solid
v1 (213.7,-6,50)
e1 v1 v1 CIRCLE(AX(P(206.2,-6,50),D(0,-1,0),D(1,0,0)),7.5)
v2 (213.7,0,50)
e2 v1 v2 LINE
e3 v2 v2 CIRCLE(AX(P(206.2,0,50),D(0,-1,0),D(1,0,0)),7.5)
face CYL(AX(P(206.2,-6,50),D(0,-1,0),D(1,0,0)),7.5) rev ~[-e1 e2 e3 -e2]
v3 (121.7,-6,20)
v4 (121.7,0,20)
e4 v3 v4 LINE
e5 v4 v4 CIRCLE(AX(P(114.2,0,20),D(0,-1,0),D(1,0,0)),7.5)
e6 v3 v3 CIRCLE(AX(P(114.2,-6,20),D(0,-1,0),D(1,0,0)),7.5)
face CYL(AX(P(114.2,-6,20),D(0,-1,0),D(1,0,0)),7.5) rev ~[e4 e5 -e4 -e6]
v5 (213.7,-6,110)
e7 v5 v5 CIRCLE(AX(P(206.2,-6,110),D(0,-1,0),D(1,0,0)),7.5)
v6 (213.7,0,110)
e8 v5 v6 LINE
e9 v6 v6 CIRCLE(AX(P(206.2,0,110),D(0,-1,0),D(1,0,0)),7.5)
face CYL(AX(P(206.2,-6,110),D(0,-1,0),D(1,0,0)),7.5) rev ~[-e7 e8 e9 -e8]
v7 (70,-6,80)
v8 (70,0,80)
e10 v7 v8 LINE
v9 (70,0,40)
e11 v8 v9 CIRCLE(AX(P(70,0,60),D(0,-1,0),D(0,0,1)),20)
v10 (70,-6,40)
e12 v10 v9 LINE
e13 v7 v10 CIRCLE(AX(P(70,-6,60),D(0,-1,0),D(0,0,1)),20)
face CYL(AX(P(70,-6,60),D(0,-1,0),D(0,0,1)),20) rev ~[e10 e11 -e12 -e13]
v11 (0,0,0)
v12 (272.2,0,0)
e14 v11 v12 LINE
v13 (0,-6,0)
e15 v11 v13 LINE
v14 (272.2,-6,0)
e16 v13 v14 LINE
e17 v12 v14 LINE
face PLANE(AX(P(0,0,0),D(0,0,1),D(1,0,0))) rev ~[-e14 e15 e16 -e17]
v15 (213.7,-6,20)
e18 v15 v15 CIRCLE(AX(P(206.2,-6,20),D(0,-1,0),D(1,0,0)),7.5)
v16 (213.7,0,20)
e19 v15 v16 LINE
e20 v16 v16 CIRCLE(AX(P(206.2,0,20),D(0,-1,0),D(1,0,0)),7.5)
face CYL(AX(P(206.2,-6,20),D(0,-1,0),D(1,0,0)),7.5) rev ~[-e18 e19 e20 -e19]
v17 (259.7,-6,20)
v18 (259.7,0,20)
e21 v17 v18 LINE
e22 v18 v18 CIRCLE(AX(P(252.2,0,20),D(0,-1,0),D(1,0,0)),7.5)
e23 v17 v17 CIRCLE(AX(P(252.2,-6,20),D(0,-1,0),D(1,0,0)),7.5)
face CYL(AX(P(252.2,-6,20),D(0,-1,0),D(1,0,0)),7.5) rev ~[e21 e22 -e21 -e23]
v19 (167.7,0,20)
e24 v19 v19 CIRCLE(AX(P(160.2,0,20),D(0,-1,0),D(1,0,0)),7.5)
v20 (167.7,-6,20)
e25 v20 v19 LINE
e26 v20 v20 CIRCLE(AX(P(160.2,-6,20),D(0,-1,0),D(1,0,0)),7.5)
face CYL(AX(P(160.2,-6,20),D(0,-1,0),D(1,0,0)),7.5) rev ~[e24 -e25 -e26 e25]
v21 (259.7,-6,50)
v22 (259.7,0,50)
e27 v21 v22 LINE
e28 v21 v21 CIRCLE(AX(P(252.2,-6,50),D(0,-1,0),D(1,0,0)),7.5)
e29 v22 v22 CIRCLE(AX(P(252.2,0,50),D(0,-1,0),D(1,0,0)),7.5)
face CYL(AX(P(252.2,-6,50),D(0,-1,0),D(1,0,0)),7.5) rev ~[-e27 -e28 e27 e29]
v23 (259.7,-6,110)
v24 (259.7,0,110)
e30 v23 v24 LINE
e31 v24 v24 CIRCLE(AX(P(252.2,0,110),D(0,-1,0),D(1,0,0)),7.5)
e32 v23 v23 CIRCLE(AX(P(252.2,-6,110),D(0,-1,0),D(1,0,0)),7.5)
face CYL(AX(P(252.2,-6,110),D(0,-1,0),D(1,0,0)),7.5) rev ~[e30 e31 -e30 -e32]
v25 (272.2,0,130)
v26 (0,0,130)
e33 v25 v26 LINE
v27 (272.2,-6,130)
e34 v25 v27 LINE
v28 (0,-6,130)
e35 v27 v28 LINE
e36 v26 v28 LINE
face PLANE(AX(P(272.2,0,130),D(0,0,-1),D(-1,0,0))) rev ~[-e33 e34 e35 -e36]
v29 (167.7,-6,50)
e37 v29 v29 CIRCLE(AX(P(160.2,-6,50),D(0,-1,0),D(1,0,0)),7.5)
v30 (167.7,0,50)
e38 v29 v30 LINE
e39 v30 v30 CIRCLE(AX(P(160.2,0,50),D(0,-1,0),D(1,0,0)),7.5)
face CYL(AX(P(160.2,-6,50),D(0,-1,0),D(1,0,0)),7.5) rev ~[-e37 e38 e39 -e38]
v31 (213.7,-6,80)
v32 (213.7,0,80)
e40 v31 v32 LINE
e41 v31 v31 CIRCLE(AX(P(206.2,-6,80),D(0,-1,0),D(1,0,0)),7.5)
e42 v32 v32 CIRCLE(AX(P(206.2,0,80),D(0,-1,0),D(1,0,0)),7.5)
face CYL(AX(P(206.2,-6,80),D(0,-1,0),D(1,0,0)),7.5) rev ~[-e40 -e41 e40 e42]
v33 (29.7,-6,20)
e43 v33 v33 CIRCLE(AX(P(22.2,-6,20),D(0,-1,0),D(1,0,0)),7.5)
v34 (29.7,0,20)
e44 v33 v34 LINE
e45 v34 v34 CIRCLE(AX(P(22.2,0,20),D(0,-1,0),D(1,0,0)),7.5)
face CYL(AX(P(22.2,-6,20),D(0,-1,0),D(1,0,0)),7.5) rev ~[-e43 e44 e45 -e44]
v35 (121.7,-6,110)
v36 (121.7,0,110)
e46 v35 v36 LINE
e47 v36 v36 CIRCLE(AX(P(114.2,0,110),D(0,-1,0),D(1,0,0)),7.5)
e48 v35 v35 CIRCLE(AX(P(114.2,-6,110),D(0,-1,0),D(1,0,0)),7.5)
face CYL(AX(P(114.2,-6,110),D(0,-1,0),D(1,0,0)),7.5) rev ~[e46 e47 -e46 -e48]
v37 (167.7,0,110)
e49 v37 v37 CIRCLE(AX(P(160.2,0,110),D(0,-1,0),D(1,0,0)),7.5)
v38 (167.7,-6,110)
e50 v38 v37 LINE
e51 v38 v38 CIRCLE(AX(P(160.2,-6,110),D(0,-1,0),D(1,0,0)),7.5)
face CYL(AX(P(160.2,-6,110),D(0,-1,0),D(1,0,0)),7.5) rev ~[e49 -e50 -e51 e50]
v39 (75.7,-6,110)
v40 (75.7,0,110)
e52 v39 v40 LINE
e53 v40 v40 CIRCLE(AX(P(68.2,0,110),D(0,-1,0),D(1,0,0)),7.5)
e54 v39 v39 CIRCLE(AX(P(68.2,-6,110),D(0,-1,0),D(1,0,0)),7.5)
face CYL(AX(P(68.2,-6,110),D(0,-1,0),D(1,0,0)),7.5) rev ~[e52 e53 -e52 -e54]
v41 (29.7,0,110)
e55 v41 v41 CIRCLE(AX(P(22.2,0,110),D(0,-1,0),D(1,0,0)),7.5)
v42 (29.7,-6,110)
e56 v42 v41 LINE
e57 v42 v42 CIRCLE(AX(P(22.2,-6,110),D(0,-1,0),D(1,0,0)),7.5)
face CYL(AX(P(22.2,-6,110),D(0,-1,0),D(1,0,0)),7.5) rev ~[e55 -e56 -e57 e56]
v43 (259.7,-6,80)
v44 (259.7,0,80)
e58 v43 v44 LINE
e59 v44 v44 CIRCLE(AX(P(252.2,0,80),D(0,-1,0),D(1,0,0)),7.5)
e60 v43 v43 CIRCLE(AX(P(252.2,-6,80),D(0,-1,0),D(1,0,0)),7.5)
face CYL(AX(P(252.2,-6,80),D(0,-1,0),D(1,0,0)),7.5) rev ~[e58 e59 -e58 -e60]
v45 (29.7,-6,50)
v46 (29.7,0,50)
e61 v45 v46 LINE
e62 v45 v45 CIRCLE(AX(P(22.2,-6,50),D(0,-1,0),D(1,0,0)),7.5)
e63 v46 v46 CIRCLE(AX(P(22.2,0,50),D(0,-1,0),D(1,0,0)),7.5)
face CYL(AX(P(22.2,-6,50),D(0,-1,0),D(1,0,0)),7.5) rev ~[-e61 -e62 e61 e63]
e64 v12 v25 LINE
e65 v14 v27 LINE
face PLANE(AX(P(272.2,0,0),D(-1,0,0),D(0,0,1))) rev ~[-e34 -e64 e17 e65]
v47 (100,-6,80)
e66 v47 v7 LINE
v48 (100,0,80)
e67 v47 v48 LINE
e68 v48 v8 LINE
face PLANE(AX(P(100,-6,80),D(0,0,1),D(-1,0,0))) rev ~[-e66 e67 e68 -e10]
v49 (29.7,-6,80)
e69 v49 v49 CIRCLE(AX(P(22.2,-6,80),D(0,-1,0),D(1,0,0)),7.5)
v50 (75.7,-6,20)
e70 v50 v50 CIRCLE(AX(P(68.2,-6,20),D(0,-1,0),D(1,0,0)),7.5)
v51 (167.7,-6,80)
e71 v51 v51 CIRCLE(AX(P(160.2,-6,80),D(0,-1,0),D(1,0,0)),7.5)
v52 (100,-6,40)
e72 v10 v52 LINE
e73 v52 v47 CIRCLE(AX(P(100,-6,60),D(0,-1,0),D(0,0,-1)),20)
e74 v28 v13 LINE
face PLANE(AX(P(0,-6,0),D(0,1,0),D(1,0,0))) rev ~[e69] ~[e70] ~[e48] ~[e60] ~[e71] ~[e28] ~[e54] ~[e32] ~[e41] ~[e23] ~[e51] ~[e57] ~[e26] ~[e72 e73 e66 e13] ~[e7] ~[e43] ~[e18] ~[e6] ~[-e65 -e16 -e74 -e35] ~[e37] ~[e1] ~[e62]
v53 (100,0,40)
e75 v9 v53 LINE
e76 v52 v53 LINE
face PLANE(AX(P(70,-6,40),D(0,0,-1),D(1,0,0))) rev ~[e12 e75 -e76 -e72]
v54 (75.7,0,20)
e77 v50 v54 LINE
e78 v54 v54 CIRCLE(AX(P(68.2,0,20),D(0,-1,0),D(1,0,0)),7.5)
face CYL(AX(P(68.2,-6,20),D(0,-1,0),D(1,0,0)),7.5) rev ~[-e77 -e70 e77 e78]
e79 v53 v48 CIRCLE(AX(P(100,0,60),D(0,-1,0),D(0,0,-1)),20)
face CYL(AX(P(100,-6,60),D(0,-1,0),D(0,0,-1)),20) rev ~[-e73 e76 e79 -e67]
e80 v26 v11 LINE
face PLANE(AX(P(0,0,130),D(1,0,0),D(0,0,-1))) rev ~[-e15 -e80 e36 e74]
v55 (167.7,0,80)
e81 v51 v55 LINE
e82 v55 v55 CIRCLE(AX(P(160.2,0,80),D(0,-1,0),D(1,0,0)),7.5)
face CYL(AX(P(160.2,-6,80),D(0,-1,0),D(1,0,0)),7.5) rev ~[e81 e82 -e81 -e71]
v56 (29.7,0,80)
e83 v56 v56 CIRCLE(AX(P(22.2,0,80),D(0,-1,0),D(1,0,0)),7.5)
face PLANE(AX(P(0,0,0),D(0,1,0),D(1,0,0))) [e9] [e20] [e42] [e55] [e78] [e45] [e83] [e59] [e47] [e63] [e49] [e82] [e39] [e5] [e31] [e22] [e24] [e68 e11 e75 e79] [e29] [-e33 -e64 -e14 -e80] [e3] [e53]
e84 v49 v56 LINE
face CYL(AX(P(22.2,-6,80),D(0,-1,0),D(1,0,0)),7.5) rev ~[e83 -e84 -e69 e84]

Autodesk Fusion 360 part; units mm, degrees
sketch "Sketch1" plane through (0, 0, 0) normal (0, 1, 0) x (1, 0, 0)
  line L0 (0, 0) -> (272.2, 0)
  line L1 (272.2, 0) -> (272.2, -130)
  line L2 (272.2, -130) -> (0, -130)
  line L3 (0, -130) -> (0, 0)
  dimension "d1" = 272.2
  dimension "d2" = 130
extrude "Extrude1" add sketch "Sketch1" against normal blind 6
sketch "Sketch2" plane through (0, -6, 0) normal (0, -1, 0) x (1, 0, 0)
  line L0 (272.2, 130) -> (0, 130)
  line L1 (0, 130) -> (0, 0)
  line L2 (0, 0) -> (272.2, 0)
  line L3 (272.2, 0) -> (272.2, 130)
  line L4 (70, 40) -> (100, 40)
  arc A0 (100, 40) -> (100, 80) centre (100, 60) ccw
  line L5 (100, 80) -> (70, 80)
  arc A1 (70, 80) -> (70, 40) centre (70, 60) ccw
  line L6 (50, 60) -> (120, 60) construction
  circle A2 centre (252.2, 110) radius 7.5
  circle A3 centre (206.2, 110) radius 7.5
  circle A4 centre (160.2, 110) radius 7.5
  circle A5 centre (114.2, 110) radius 7.5
  circle A6 centre (68.2, 110) radius 7.5
  circle A7 centre (252.2, 80) radius 7.5
  circle A8 centre (206.2, 80) radius 7.5
  circle A9 centre (252.2, 50) radius 7.5
  circle A10 centre (206.2, 50) radius 7.5
  circle A11 centre (160.2, 50) radius 7.5
  circle A12 centre (22.2, 110) radius 7.5
  circle A13 centre (22.2, 80) radius 7.5
  circle A14 centre (22.2, 50) radius 7.5
  circle A15 centre (252.2, 20) radius 7.5
  circle A16 centre (206.2, 20) radius 7.5
  circle A17 centre (160.2, 20) radius 7.5
  circle A18 centre (114.2, 20) radius 7.5
  circle A19 centre (68.2, 20) radius 7.5
  circle A20 centre (22.2, 20) radius 7.5
  circle A21 centre (160.2, 80) radius 7.5
  dimension "d5" = 40
  dimension "d6" = 50
  dimension "d8" = 40
  dimension "d9" = 15
  dimension "d10" = 20
  dimension "d11" = 20
  dimension "d14" = -230
  dimension "d15" = -90
extrude "Extrude2" cut sketch "Sketch2" against normal up to surface (6 mm away) contours L4 A0 L5 A1 | A2 | A3 | A4 | A5 | A6 | A7 | A8 | A9 | A10 | A11 | A12 | A13 | A14 | A15 | A16 | A17 | A18 | A19 | A20 | A21
